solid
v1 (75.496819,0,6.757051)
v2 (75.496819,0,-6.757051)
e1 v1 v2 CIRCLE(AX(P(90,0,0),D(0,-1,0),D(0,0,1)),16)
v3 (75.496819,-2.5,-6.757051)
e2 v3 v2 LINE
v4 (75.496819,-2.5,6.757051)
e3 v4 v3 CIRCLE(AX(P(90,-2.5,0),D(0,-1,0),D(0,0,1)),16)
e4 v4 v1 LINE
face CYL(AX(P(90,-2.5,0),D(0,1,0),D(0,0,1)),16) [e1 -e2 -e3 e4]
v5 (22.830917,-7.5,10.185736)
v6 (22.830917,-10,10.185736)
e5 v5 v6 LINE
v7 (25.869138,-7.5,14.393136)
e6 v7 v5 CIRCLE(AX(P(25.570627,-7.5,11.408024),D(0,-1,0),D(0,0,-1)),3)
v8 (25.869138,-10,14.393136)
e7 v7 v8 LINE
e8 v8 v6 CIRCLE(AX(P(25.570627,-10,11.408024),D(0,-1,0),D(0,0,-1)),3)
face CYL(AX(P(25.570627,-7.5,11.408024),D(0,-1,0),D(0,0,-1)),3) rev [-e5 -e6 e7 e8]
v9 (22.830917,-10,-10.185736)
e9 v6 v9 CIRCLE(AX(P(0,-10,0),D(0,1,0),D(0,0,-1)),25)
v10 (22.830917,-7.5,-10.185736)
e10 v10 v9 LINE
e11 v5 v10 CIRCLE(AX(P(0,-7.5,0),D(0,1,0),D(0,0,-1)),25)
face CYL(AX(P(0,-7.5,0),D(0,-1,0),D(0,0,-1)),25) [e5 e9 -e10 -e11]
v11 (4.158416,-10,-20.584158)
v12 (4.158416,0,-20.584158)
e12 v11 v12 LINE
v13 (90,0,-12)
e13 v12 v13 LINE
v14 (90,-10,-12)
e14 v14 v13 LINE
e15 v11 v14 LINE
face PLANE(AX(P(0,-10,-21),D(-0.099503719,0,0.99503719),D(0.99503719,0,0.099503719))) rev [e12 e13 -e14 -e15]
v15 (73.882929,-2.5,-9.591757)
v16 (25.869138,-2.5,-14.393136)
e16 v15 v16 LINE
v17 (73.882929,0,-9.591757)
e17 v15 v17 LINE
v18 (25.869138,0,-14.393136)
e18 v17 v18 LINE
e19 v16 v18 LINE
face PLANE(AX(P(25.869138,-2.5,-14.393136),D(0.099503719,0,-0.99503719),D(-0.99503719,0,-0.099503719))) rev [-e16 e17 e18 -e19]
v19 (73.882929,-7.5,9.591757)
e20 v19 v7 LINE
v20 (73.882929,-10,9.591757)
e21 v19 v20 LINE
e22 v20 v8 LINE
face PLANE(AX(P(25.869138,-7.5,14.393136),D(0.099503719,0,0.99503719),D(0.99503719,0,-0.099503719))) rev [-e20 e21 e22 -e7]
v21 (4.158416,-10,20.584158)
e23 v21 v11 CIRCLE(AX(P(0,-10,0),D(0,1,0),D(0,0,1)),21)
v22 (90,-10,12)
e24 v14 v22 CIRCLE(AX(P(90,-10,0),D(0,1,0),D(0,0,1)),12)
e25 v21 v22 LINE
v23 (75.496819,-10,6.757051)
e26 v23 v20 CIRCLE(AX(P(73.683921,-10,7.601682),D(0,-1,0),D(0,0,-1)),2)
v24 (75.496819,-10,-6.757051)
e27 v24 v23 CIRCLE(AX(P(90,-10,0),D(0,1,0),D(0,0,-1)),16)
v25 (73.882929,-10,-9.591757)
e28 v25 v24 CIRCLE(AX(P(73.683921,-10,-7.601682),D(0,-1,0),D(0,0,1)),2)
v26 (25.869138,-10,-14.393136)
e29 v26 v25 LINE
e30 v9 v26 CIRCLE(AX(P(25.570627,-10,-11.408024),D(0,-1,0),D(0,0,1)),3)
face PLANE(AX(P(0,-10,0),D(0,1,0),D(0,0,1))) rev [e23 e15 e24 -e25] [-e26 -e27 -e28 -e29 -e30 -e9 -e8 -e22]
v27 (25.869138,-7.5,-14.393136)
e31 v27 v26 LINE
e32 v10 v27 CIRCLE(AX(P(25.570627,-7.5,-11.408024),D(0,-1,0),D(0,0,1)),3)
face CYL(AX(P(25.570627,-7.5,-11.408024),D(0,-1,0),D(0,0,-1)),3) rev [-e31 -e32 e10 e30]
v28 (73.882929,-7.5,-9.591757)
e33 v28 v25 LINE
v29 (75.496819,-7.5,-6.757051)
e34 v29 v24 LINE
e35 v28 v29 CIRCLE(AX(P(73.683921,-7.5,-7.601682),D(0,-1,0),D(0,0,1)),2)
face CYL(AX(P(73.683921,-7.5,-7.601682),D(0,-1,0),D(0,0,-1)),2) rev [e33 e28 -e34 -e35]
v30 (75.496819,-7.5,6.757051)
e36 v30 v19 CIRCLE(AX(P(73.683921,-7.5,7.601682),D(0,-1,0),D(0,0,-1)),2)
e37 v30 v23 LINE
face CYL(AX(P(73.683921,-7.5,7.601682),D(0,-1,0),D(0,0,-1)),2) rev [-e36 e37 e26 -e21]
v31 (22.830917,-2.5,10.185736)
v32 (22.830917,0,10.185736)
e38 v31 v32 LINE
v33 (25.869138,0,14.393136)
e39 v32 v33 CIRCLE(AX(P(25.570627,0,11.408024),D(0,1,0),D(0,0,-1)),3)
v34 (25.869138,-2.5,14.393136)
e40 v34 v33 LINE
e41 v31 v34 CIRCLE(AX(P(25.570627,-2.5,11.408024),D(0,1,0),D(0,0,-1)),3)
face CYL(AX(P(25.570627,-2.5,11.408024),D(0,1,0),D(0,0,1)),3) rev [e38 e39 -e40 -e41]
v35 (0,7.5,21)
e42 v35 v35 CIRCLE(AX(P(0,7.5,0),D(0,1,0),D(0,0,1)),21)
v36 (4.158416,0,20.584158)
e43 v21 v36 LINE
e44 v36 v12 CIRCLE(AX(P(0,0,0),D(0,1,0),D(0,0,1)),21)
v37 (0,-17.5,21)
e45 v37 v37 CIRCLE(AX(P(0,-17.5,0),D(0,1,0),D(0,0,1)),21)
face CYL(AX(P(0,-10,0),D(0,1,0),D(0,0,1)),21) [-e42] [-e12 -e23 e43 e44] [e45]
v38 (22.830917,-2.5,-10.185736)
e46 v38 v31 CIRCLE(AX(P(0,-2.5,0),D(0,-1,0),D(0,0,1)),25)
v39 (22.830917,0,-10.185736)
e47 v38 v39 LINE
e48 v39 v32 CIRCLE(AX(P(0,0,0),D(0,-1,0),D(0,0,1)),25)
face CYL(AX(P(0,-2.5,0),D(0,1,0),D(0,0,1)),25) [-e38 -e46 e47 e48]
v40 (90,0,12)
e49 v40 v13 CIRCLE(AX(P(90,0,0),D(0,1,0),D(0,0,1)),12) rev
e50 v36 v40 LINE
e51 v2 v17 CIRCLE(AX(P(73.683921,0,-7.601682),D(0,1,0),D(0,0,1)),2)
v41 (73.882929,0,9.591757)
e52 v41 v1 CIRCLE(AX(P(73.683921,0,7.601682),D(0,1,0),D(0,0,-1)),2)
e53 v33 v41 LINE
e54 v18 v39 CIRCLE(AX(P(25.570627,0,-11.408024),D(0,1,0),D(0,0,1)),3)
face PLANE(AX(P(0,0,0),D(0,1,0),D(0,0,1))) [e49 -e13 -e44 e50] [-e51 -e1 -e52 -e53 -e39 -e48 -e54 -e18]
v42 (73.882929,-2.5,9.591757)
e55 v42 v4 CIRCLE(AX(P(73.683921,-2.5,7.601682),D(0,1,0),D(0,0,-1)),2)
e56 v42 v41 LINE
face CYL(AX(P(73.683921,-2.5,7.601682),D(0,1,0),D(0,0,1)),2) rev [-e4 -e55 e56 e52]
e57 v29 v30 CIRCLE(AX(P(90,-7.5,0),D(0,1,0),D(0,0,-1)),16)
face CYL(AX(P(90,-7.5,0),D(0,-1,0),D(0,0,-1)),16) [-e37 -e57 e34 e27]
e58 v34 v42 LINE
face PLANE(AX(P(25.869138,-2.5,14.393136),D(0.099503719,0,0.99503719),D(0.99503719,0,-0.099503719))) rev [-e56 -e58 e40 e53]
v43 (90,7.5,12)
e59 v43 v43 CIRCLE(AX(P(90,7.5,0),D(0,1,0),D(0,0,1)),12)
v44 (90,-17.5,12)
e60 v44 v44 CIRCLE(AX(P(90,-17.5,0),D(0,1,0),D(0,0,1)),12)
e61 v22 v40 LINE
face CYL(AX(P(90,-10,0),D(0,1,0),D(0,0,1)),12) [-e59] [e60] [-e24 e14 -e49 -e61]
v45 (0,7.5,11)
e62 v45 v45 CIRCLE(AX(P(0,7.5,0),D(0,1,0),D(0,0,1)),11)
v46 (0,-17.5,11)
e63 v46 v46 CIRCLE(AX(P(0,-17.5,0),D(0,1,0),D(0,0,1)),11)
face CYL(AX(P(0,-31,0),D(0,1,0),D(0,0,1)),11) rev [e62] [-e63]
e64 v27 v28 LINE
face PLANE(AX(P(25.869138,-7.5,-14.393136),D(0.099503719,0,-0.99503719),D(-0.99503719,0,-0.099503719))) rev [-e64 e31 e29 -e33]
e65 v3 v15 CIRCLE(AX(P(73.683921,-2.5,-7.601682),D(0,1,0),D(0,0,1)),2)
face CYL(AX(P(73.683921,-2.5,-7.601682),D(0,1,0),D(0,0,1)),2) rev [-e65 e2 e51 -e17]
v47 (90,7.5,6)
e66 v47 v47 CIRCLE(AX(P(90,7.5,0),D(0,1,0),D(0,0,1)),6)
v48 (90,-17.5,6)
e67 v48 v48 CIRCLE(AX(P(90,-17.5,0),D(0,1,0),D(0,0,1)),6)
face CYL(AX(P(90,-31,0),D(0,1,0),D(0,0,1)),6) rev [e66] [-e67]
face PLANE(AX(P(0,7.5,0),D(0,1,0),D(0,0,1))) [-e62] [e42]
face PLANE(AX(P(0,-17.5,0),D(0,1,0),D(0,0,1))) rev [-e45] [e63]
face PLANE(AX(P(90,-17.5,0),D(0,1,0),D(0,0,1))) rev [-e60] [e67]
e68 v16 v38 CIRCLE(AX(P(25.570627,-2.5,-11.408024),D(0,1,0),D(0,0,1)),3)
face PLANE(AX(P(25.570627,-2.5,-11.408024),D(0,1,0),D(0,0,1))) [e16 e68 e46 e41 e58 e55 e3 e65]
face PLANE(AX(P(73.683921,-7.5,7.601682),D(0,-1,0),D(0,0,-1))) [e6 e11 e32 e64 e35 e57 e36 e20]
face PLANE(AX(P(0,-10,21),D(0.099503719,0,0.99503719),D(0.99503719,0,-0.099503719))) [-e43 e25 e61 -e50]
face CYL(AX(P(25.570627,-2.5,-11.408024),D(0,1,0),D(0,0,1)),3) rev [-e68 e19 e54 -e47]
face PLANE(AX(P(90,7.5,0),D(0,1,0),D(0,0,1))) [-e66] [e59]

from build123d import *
from build123d.topology import SkipClean

# Parameters (mm, degrees)
BOSS_EXTRUDE1_DEPTH = 10
SKETCH2_R           = 21
SKETCH2_R_2         = 12
BOSS_EXTRUDE2_DEPTH = 17.5
BOSS_EXTRUDE3_START = 7.5
SKETCH3_R           = 21
SKETCH3_R_2         = 12
BOSS_EXTRUDE3_DEPTH = 7.5
SKETCH4_R           = 11
SKETCH4_R_2         = 6
CUT_EXTRUDE1_DEPTH  = 38.5
CUT_EXTRUDE2_DEPTH  = 2.5
CUT_EXTRUDE3_START  = -2.5
CUT_EXTRUDE3_DEPTH  = 2.5


with BuildPart() as part:
    # Sketch1 → Boss-Extrude1 (new body)
    with BuildSketch(Plane(origin=(0, 0, 0), x_dir=(1, 0, 0), z_dir=(0, 1, 0))):
        with BuildLine():
            Line((0, 21), (90, 12))
            ThreePointArc((90, 12), (102, 0), (90, -12))
            Line((90, -12), (0, -21))
            ThreePointArc((0, -21), (-21, 0), (0, 21))
        make_face()
    extrude(amount=-BOSS_EXTRUDE1_DEPTH)

    # Sketch2 → Boss-Extrude2 (add)
    with SkipClean():  # the faces are left unmerged after this step: merging them gives an invalid solid
        with BuildSketch(Plane(origin=(0, 0, 0), x_dir=(1, 0, 0), z_dir=(0, 1, 0))):
            with Locations(Location((0, 0, 0), (0, 0, 270))):
                Circle(SKETCH2_R)
            with Locations(Location((90, 0, 0), (0, 0, 270))):
                Circle(SKETCH2_R_2)
        extrude(amount=-BOSS_EXTRUDE2_DEPTH)

    # Sketch3 → Boss-Extrude3 (add)
    with SkipClean():  # the faces are left unmerged after this step: merging them gives an invalid solid
        with BuildSketch(Plane(origin=(0, 0, 0), x_dir=(1, 0, 0), z_dir=(0, 1, 0)).offset(BOSS_EXTRUDE3_START)):
            with Locations(Location((0, 0, 0), (0, 0, 270))):
                Circle(SKETCH3_R)
            with Locations(Location((90, 0, 0), (0, 0, 270))):
                Circle(SKETCH3_R_2)
        extrude(amount=-BOSS_EXTRUDE3_DEPTH)

    # Sketch4 → Cut-Extrude1 (cut)
    with SkipClean():  # the faces are left unmerged after this step: merging them gives an invalid solid
        with BuildSketch(Plane(origin=(0, 7.5, 0), x_dir=(1, 0, 0), z_dir=(0, 1, 0))):
            with Locations(Location((0, 0, 0), (0, 0, 270))):
                Circle(SKETCH4_R)
            with Locations(Location((90, 0, 0), (0, 0, 270))):
                Circle(SKETCH4_R_2)
        extrude(amount=-CUT_EXTRUDE1_DEPTH, mode=Mode.SUBTRACT)

    # Sketch5 → Cut-Extrude2 (cut)
    with SkipClean():  # the faces are left unmerged after this step: merging them gives an invalid solid
        with BuildSketch(Plane(origin=(0, 0, 0), x_dir=(1, 0, 0), z_dir=(0, 1, 0))):
            with BuildLine():
                Line((25.869138462, 14.393135905), (73.882928765, 9.591756875))
                ThreePointArc((73.882928765, 9.591756875), (75.42197475, 8.591212838), (75.496818958, 6.757051106))
                ThreePointArc((75.496818958, 6.757051106), (74, 0), (75.496818958, -6.757051106))
                ThreePointArc((75.496818958, -6.757051106), (75.42197475, -8.591212838), (73.882928765, -9.591756875))
                Line((73.882928765, -9.591756875), (25.869138462, -14.393135905))
                ThreePointArc((25.869138462, -14.393135905), (23.13846438, -13.164322574), (22.830917237, -10.185736013))
                ThreePointArc((22.830917237, -10.185736013), (25, 0), (22.830917237, 10.185736013))
                ThreePointArc((22.830917237, 10.185736013), (23.13846438, 13.164322574), (25.869138462, 14.393135905))
            make_face()
        extrude(amount=-CUT_EXTRUDE2_DEPTH, mode=Mode.SUBTRACT)

    # Sketch7 → Cut-Extrude3 (cut)
    with SkipClean():  # the faces are left unmerged after this step: merging them gives an invalid solid
        with BuildSketch(Plane.XZ.offset(10).offset(CUT_EXTRUDE3_START)):
            with BuildLine():
                Line((25.869138462, 14.393135905), (73.882928765, 9.591756875))
                ThreePointArc((73.882928765, 9.591756875), (75.42197475, 8.591212838), (75.496818958, 6.757051106))
                ThreePointArc((75.496818958, 6.757051106), (74, 0), (75.496818958, -6.757051106))
                ThreePointArc((75.496818958, -6.757051106), (75.42197475, -8.591212838), (73.882928765, -9.591756875))
                Line((73.882928765, -9.591756875), (25.869138462, -14.393135905))
                ThreePointArc((25.869138462, -14.393135905), (23.13846438, -13.164322574), (22.830917237, -10.185736013))
                ThreePointArc((22.830917237, -10.185736013), (25, 0), (22.830917237, 10.185736013))
                ThreePointArc((22.830917237, 10.185736013), (23.13846438, 13.164322574), (25.869138462, 14.393135905))
            make_face()
        extrude(amount=CUT_EXTRUDE3_DEPTH, mode=Mode.SUBTRACT)


solid = part.part
